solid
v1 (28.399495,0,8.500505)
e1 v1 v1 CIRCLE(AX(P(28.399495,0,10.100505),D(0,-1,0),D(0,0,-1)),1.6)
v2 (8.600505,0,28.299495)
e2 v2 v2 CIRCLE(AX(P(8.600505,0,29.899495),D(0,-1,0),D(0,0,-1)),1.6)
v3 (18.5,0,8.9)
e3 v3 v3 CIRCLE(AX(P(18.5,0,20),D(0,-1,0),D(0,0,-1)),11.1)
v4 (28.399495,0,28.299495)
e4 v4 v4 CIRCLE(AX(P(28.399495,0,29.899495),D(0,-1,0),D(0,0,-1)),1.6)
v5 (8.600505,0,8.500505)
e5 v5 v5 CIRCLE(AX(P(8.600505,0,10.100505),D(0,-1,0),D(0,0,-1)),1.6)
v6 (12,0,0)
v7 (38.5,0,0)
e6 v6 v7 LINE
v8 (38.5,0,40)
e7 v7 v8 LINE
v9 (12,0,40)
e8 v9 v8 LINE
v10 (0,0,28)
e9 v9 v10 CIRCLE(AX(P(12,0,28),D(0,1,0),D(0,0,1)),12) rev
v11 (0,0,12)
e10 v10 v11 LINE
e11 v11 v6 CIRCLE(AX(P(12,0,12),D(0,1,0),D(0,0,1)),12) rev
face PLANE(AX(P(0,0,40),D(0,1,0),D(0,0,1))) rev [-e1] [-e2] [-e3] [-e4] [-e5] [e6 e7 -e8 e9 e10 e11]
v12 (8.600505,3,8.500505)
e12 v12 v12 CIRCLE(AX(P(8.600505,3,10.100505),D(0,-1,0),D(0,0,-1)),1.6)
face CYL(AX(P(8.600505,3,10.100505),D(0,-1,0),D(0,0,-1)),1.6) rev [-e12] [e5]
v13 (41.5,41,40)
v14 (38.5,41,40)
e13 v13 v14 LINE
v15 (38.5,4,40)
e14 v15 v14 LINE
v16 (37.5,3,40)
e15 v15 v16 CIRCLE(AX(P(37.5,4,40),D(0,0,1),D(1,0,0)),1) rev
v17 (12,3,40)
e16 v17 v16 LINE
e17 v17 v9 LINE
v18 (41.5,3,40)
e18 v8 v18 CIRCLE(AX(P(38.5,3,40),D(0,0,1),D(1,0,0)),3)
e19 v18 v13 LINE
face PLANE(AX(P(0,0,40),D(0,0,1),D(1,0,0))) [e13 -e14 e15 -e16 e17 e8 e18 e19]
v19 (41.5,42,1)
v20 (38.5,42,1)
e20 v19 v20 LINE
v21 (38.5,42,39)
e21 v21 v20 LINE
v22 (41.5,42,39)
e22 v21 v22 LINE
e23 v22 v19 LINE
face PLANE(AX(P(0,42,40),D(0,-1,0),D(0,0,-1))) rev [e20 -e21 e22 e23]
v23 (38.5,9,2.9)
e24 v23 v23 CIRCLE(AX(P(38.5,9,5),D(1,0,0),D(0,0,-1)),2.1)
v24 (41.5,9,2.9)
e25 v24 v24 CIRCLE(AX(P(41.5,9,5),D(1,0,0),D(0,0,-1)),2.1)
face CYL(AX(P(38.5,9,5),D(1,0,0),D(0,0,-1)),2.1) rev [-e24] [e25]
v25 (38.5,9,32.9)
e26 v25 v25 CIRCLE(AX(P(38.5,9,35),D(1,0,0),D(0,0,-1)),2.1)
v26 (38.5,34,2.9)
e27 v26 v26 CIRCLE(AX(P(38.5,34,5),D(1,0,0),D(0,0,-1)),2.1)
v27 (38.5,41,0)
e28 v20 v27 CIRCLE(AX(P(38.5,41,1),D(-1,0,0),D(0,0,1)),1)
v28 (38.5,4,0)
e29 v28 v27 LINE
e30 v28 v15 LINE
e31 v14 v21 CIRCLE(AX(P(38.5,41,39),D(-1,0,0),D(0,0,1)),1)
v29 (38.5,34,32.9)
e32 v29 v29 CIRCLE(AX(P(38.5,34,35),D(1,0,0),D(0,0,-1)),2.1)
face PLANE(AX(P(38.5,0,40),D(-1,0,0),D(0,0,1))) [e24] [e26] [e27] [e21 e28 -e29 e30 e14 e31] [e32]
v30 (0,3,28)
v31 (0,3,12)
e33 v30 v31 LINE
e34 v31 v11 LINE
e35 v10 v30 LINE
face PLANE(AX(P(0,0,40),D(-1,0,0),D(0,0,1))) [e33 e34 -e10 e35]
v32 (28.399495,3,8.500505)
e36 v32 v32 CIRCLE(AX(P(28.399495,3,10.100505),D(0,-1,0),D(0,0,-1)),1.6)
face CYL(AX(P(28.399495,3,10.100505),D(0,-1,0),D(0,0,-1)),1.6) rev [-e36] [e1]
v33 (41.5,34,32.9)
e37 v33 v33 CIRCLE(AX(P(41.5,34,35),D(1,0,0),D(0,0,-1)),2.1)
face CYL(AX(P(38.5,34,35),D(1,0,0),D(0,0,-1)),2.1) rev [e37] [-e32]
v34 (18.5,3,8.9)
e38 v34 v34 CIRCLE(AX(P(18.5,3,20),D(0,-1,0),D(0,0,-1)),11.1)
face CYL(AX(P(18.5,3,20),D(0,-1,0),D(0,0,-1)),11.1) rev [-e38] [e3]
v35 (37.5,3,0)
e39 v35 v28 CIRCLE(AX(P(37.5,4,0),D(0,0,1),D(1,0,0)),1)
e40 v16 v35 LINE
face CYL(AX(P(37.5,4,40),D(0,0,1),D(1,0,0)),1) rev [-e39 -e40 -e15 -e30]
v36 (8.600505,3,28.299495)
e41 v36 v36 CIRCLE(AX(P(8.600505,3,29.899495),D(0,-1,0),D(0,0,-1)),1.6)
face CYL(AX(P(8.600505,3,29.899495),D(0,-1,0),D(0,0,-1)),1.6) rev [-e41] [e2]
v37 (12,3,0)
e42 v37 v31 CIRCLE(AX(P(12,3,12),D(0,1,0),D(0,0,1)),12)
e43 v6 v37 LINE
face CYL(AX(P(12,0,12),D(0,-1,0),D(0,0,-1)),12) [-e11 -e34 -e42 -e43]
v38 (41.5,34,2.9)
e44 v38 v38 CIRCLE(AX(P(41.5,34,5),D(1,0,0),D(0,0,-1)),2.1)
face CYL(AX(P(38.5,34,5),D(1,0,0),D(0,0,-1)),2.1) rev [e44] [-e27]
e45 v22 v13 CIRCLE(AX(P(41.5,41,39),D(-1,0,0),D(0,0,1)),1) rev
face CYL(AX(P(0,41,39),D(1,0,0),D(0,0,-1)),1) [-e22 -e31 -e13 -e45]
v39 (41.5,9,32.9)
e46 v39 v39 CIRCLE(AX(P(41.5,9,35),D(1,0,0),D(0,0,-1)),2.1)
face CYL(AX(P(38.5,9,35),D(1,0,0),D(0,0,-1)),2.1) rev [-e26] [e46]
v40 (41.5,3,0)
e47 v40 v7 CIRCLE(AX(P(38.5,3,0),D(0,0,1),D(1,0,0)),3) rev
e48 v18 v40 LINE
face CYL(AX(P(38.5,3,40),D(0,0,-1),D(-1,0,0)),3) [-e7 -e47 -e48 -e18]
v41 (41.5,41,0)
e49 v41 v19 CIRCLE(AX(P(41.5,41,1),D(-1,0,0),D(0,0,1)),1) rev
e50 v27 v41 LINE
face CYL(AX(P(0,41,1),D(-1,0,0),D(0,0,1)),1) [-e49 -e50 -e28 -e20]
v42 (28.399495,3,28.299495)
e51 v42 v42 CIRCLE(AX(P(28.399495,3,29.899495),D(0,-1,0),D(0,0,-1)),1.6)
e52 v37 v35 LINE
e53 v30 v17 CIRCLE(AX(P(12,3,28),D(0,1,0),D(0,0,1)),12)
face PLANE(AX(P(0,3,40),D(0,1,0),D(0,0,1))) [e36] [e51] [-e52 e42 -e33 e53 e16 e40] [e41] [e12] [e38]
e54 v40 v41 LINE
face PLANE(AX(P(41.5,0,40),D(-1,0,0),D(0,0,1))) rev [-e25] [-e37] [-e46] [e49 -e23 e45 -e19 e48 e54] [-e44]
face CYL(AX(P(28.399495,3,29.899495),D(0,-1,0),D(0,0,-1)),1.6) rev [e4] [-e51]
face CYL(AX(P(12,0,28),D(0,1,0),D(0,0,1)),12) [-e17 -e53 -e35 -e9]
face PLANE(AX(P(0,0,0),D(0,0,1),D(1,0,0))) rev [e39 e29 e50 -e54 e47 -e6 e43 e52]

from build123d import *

# Parameters (mm, degrees)
EXTRUDE_1_DEPTH     = 40
SKETCH_2_R          = 2.1
CUT_EXTRUDE_1_DEPTH = 3
SKETCH_3_R          = 11.1
SKETCH_3_R_2        = 1.6
CUT_EXTRUDE_2_DEPTH = 3
FILLET_1_R          = 3
FILLET_2_R          = 12
FILLET_3_R          = 1
FILLET_4_R          = 1


with BuildPart() as part:
    # 草图1 → 凸台-拉伸1 (new body)
    with BuildSketch(Plane.XY):
        Polygon((0, 3), (0, 0), (38.5, 0), (41.5, 0), (41.5, 3), (41.5, 42), (38.5, 42), (38.5, 3), align=None)
    extrude(amount=EXTRUDE_1_DEPTH)

    # 草图2 → 切除-拉伸1 (cut)
    with BuildSketch(Plane(origin=(41.5, 0, 0), x_dir=(0, 0, -1), z_dir=(1, 0, 0))):
        with Locations((-35, 34)):
            Circle(SKETCH_2_R)
        with Locations((-5, 34)):
            Circle(SKETCH_2_R)
        with Locations((-35, 9)):
            Circle(SKETCH_2_R)
        with Locations((-5, 9)):
            Circle(SKETCH_2_R)
    extrude(amount=-CUT_EXTRUDE_1_DEPTH, mode=Mode.SUBTRACT)

    # 草图3 → 切除-拉伸2 (cut)
    with BuildSketch(Plane.XZ):
        with Locations((18.5, 20)):
            Circle(SKETCH_3_R)
        with Locations((8.600505063, 29.899494937)):
            Circle(SKETCH_3_R_2)
        with Locations((28.399494937, 29.899494937)):
            Circle(SKETCH_3_R_2)
        with Locations((28.399494937, 10.100505063)):
            Circle(SKETCH_3_R_2)
        with Locations((8.600505063, 10.100505063)):
            Circle(SKETCH_3_R_2)
    extrude(amount=-CUT_EXTRUDE_2_DEPTH, mode=Mode.SUBTRACT)

    # 圆角1
    fillet_1_edges = [part.edges().sort_by_distance(p)[0] for p in [
        (41.5, 0, 20),
    ]]
    fillet(fillet_1_edges, radius=FILLET_1_R)

    # 圆角2
    fillet_2_edges = [part.edges().sort_by_distance(p)[0] for p in [
        (0, 1.5, 40),
        (0, 1.5, 0),
    ]]
    fillet(fillet_2_edges, radius=FILLET_2_R)

    # 圆角3
    fillet_3_edges = [part.edges().sort_by_distance(p)[0] for p in [
        (40, 42, 40),
        (40, 42, 0),
    ]]
    fillet(fillet_3_edges, radius=FILLET_3_R)

    # 圆角4
    fillet_4_edges = [part.edges().sort_by_distance(p)[0] for p in [
        (38.5, 3, 20),
    ]]
    fillet(fillet_4_edges, radius=FILLET_4_R)


solid = part.part
